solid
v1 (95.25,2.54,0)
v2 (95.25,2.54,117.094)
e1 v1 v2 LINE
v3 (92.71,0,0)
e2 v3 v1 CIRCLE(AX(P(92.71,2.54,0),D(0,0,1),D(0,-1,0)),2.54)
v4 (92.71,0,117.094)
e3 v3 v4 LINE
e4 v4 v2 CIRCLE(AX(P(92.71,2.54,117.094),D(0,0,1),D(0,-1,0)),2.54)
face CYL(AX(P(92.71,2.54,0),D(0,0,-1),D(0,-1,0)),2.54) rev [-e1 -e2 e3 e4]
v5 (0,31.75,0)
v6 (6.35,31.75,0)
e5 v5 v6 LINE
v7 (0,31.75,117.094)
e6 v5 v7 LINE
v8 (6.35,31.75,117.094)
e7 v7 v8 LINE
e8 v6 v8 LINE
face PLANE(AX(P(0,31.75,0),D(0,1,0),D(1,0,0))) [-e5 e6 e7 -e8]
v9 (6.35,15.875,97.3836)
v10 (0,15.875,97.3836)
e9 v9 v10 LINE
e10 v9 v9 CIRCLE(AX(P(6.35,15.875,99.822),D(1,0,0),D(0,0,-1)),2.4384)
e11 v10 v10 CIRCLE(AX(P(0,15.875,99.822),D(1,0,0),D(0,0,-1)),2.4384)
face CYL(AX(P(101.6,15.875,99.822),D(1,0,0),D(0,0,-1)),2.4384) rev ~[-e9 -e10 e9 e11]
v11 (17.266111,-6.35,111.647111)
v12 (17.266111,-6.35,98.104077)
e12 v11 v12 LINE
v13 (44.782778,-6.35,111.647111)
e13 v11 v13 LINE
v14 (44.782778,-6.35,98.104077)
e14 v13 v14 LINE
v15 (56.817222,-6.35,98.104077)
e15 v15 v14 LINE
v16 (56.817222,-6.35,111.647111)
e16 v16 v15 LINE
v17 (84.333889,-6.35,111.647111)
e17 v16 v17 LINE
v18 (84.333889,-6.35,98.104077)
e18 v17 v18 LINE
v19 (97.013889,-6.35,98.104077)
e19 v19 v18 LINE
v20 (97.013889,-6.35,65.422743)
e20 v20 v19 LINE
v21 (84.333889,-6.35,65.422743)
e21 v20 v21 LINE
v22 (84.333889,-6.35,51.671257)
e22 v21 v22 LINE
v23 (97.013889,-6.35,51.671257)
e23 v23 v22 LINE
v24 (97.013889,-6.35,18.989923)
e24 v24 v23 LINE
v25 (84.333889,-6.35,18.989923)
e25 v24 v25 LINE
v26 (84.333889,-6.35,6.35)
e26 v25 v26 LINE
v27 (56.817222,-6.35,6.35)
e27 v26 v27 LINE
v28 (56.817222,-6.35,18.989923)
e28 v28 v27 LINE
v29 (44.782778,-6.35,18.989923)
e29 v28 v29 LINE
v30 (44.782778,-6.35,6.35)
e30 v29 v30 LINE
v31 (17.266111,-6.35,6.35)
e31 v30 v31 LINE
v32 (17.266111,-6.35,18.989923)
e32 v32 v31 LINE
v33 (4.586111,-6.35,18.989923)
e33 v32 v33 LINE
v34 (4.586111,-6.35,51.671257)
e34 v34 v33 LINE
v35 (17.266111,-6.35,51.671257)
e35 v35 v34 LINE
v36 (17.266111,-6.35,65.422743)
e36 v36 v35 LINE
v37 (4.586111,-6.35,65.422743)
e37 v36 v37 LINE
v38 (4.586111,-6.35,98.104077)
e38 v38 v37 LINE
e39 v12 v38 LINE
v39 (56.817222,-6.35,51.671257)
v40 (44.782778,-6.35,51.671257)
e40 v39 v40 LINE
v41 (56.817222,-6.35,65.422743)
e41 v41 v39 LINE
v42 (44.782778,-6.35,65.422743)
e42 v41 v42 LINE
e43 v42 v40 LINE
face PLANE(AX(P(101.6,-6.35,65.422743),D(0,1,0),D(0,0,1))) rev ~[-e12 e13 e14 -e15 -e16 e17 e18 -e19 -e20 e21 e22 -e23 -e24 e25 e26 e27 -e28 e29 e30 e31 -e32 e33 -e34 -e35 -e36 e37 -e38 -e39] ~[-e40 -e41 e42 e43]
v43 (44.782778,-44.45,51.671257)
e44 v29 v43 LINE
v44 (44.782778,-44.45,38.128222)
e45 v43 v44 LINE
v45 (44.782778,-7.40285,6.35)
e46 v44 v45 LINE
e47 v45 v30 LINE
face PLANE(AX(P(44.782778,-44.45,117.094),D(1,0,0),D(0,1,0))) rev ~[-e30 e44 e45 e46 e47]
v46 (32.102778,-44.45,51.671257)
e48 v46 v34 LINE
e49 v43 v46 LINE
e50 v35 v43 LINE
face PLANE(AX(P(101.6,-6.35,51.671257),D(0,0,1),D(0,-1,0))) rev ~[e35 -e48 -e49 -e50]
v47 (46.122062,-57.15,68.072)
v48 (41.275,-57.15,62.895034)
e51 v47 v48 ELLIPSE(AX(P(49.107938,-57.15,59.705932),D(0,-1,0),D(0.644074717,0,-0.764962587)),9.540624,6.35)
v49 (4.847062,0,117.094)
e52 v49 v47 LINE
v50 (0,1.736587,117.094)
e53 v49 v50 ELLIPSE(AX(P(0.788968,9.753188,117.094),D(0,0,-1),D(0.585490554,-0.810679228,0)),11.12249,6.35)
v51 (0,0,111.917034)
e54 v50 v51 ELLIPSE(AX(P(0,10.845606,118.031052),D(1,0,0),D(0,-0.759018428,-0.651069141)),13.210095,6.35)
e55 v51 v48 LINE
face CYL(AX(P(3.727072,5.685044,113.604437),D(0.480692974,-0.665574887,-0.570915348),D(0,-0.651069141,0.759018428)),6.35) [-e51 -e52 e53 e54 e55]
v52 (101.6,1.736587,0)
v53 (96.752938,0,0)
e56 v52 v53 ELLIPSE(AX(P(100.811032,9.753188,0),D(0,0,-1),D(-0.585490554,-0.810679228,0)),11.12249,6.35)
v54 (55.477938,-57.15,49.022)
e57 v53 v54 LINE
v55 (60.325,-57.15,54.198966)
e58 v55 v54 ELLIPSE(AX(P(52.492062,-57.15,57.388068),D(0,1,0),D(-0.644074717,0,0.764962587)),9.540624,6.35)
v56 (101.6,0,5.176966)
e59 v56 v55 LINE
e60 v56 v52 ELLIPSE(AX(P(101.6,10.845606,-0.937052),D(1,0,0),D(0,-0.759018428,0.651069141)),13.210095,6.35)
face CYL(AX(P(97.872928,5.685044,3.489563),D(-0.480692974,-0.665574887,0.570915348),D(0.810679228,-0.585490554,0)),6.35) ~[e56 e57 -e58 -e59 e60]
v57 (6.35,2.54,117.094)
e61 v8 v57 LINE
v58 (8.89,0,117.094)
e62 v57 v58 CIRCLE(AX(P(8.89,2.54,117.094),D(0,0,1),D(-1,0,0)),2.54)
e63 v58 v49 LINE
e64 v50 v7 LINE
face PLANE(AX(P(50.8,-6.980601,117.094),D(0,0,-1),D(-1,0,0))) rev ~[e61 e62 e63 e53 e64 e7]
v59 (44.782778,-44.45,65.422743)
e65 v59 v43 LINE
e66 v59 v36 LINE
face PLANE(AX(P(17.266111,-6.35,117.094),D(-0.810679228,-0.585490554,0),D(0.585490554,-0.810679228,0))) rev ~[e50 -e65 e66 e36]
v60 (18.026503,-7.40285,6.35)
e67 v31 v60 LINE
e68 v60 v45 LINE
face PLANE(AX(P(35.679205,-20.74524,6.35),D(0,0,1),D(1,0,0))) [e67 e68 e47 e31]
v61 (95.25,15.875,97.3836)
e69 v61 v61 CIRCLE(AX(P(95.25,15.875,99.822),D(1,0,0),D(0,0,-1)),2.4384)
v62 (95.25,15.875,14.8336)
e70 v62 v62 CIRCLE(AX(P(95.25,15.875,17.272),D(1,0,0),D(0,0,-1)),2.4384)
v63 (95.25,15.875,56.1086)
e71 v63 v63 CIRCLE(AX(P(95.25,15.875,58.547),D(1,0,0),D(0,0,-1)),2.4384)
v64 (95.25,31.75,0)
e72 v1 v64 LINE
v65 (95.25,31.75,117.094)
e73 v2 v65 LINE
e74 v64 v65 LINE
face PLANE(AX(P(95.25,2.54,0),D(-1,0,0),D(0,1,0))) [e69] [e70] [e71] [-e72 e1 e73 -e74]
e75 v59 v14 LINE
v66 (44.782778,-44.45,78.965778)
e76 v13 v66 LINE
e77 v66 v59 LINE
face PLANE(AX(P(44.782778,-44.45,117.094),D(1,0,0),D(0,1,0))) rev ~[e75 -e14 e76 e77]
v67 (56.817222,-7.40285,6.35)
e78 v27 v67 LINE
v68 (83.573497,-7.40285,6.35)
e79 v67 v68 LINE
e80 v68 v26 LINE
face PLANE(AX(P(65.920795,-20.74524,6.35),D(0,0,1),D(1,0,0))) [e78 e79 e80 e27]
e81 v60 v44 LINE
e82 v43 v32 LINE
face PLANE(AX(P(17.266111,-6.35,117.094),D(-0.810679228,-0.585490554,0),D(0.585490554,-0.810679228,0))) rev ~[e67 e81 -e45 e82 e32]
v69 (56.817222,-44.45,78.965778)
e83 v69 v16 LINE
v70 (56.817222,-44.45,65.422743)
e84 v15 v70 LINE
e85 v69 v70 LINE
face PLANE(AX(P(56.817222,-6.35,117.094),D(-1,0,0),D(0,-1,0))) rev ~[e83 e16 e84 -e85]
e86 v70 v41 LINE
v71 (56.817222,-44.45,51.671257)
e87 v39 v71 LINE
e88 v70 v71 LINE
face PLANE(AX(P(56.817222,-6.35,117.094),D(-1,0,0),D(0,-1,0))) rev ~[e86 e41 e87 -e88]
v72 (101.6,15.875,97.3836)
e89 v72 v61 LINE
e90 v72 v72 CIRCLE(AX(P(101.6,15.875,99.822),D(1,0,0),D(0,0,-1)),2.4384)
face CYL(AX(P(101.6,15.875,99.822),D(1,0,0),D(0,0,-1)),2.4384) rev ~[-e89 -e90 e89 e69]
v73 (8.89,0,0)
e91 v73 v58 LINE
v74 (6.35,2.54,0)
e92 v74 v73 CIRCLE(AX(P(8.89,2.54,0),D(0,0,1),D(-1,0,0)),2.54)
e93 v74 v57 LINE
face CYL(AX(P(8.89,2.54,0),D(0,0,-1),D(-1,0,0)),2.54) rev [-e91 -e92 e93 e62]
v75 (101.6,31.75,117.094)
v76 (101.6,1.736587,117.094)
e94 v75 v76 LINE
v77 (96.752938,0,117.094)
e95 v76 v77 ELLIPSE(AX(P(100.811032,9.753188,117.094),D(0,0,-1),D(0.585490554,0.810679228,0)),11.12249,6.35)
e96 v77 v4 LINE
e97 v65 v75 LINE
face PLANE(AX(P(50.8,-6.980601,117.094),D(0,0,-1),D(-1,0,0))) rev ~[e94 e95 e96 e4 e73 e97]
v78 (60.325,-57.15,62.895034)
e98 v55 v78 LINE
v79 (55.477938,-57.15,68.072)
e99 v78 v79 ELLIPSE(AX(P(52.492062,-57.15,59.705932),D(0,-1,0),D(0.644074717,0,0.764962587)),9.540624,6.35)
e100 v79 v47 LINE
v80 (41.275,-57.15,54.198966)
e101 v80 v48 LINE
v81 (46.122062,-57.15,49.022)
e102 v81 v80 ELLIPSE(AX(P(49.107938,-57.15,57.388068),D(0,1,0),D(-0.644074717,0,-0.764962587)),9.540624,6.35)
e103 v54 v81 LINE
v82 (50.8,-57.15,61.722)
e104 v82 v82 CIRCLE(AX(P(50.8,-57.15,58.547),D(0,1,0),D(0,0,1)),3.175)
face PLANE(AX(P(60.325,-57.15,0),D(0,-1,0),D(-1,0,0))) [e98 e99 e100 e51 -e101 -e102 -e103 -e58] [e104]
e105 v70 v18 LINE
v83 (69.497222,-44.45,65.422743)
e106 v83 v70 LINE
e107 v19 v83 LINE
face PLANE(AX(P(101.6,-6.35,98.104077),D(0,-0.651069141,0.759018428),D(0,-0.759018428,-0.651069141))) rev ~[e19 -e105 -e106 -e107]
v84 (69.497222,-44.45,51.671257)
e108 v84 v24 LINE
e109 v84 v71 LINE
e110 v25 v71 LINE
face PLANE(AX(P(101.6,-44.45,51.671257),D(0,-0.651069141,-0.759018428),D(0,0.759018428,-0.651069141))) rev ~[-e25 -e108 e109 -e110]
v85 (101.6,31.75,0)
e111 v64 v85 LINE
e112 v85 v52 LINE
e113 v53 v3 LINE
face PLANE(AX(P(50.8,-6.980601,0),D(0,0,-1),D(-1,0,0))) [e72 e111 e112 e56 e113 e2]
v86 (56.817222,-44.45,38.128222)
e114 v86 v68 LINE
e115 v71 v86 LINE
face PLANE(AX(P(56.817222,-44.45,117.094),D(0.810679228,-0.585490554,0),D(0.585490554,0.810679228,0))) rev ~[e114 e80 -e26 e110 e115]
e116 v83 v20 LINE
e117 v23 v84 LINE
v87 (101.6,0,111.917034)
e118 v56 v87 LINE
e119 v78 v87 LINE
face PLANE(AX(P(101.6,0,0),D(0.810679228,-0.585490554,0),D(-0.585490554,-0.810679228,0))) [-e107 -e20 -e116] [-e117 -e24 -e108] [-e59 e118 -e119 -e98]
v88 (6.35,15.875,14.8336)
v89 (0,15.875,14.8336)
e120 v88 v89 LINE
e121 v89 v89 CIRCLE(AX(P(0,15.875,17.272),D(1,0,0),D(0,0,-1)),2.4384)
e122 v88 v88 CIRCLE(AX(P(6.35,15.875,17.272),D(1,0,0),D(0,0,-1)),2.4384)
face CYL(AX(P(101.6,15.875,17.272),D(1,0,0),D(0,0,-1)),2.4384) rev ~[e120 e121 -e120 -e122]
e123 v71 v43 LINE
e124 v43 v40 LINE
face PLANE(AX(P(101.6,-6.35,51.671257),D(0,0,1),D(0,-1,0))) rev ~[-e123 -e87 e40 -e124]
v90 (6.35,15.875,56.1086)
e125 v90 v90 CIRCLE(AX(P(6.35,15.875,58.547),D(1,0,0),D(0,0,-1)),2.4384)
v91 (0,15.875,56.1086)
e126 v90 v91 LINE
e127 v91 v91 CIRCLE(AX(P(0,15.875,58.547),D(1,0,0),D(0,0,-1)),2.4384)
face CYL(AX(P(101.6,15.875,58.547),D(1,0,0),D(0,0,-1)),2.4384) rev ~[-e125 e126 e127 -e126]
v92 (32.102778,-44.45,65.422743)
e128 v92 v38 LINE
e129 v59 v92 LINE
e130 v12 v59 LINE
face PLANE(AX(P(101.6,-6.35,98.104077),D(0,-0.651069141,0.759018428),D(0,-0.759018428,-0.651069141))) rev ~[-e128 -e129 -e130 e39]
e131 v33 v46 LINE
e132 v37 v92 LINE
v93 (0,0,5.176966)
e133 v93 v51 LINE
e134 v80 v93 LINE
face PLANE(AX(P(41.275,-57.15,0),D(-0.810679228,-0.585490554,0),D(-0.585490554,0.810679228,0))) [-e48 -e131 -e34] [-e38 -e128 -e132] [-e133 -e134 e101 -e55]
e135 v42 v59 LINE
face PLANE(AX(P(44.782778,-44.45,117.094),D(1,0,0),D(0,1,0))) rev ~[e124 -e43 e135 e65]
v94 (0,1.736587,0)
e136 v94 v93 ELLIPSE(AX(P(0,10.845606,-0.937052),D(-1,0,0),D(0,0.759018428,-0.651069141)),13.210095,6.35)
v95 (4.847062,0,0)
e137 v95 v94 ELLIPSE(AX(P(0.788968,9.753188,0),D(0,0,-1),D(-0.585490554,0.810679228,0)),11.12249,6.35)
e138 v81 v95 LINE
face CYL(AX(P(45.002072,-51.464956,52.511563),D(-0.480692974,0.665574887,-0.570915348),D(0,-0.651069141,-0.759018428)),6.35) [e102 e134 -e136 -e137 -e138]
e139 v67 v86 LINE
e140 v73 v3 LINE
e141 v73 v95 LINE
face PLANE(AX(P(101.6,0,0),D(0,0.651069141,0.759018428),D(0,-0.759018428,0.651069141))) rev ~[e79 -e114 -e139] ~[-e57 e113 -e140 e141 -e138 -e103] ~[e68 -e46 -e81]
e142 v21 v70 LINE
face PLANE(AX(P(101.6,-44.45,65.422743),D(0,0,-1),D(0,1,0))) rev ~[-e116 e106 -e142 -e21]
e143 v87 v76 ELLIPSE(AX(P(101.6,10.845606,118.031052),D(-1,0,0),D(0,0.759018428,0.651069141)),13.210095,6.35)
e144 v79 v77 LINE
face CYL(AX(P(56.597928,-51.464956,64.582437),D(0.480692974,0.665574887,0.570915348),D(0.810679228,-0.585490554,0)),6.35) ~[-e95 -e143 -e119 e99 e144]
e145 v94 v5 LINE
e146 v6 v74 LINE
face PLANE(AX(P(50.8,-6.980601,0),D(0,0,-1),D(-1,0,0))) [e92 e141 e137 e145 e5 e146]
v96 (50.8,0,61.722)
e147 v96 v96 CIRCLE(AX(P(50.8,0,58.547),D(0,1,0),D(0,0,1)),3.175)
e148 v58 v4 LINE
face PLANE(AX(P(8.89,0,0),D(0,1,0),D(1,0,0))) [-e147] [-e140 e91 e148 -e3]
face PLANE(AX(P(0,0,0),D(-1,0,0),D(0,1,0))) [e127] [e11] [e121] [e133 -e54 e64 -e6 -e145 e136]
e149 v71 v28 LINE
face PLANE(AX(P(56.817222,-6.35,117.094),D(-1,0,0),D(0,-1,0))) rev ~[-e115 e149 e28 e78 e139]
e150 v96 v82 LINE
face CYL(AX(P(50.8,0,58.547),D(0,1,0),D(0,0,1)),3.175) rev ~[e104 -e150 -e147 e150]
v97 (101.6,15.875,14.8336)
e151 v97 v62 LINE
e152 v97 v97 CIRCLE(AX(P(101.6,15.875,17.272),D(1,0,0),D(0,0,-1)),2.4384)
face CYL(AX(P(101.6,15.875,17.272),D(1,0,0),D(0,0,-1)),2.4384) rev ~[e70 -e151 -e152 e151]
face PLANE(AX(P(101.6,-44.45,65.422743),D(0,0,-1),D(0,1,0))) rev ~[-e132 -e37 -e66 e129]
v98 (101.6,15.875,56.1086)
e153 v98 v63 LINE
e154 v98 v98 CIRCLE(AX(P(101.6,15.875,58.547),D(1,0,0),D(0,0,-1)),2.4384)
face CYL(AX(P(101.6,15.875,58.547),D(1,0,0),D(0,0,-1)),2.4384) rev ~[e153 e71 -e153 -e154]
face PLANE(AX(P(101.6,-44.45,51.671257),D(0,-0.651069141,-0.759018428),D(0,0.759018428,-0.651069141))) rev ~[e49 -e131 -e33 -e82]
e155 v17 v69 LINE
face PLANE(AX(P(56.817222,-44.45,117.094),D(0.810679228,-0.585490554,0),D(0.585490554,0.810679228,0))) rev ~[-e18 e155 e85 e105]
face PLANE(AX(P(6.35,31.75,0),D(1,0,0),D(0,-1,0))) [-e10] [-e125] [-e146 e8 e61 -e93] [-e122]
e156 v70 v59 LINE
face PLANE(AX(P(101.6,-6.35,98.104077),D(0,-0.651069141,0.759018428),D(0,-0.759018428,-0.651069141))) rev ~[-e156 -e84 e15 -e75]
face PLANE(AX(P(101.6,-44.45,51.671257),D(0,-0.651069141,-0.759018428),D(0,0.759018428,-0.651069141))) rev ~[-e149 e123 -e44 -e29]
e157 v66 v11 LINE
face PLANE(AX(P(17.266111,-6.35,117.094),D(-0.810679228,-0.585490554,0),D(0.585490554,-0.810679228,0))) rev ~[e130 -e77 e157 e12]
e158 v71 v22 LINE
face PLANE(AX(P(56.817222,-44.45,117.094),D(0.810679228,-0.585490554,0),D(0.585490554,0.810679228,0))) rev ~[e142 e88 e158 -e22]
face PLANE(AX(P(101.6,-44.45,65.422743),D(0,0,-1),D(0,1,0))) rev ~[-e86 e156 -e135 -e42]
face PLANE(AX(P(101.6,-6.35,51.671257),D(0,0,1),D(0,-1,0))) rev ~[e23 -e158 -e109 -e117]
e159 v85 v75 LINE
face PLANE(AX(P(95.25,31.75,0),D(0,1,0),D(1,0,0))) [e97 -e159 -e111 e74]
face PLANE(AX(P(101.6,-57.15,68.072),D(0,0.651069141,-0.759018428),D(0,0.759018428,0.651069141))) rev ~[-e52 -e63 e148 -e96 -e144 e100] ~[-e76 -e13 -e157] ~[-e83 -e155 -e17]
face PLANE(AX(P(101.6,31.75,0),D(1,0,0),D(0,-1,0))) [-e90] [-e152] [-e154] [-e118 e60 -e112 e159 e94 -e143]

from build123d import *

# Parameters (mm, degrees)
BOSS_EXTRUDE1_DEPTH = 117.094
SKETCH3_R           = 2.4384
CUT_EXTRUDE1_DEPTH  = 166.226170252
SKETCH4_R           = 3.175
CUT_EXTRUDE2_DEPTH  = 166.226170252
CUT_EXTRUDE3_DEPTH  = 166.226170252
FILLET1_R           = 6.35
CUT_EXTRUDE4_DEPTH  = 166.226170252
CUT_EXTRUDE5_DEPTH  = 110.744


with BuildPart() as part:
    # Sketch2 → Boss-Extrude1 (new body)
    with BuildSketch(Plane.XY):
        with BuildLine():
            Line((95.25, 31.75), (101.6, 31.75))
            Line((101.6, 31.75), (101.6, 0))
            Line((101.6, 0), (60.325, -57.15))
            Line((60.325, -57.15), (41.275, -57.15))
            Line((41.275, -57.15), (0, 0))
            Line((0, 0), (0, 31.75))
            Line((0, 31.75), (6.35, 31.75))
            Line((6.35, 31.75), (6.35, 2.54))
            ThreePointArc((6.35, 2.54), (7.093948776, 0.743948776), (8.89, 0))
            Line((8.89, 0), (92.71, 0))
            ThreePointArc((92.71, 0), (94.506051224, 0.743948776), (95.25, 2.54))
            Line((95.25, 2.54), (95.25, 31.75))
        make_face()
    extrude(amount=BOSS_EXTRUDE1_DEPTH)

    # Sketch3 → Cut-Extrude1 (cut, through all)
    with BuildSketch(Plane(origin=(101.6, 0, 0), x_dir=(0, 0, -1), z_dir=(1, 0, 0))):
        with Locations((-99.822, 15.875)):
            Circle(SKETCH3_R)
        with Locations((-58.547, 15.875)):
            Circle(SKETCH3_R)
        with Locations((-17.272, 15.875)):
            Circle(SKETCH3_R)
    extrude(amount=-CUT_EXTRUDE1_DEPTH, mode=Mode.SUBTRACT)

    # Sketch4 → Cut-Extrude2 (cut, through all)
    with BuildSketch(Plane(origin=(0, 0, 0), x_dir=(1, 0, 0), z_dir=(0, 1, 0))):
        with Locations(Location((50.8, -58.547, 0), (0, 0, 270))):
            Circle(SKETCH4_R)
    extrude(amount=-CUT_EXTRUDE2_DEPTH, mode=Mode.SUBTRACT)

    # Sketch5 → Cut-Extrude3 (cut, through all)
    with BuildSketch(Plane(origin=(101.6, 0, 0), x_dir=(0, 0, -1), z_dir=(1, 0, 0))):
        Polygon((-117.094, 0), (-117.094, -57.15), (-68.072, -57.15), align=None)
        Polygon((-49.022, -57.15), (0, -57.15), (0, 0), align=None)
    extrude(amount=-CUT_EXTRUDE3_DEPTH, mode=Mode.SUBTRACT)

    # Fillet1
    fillet1_edges = [part.edges().sort_by_distance(p)[0] for p in [
        (80.9625, -28.575, 92.583),
        (20.6375, -28.575, 92.583),
        (80.9625, -28.575, 24.511),
        (20.6375, -28.575, 24.511),
    ]]
    fillet(fillet1_edges, radius=FILLET1_R)

    # Sketch7 → Cut-Extrude4 (cut, through all)
    with BuildSketch(Plane(origin=(101.6, 0, 0), x_dir=(0, 0, -1), z_dir=(1, 0, 0))):
        Polygon((-98.104076531, -6.35), (-65.422743198, -44.45), (-65.422743198, -6.35), align=None)
        Polygon((-18.989923469, -6.35), (-51.671256802, -6.35), (-51.671256802, -44.45), align=None)
    extrude(amount=-CUT_EXTRUDE4_DEPTH, mode=Mode.SUBTRACT)

    # Sketch8 → Cut-Extrude5 (cut)
    with BuildSketch(Plane.XY.offset(117.094)):
        Polygon((17.266111361, -6.35), (44.782778028, -44.45), (44.782778028, -6.35), align=None)
        Polygon((84.333888639, -6.35), (56.817221972, -6.35), (56.817221972, -44.45), align=None)
    extrude(amount=-CUT_EXTRUDE5_DEPTH, mode=Mode.SUBTRACT)


solid = part.part
